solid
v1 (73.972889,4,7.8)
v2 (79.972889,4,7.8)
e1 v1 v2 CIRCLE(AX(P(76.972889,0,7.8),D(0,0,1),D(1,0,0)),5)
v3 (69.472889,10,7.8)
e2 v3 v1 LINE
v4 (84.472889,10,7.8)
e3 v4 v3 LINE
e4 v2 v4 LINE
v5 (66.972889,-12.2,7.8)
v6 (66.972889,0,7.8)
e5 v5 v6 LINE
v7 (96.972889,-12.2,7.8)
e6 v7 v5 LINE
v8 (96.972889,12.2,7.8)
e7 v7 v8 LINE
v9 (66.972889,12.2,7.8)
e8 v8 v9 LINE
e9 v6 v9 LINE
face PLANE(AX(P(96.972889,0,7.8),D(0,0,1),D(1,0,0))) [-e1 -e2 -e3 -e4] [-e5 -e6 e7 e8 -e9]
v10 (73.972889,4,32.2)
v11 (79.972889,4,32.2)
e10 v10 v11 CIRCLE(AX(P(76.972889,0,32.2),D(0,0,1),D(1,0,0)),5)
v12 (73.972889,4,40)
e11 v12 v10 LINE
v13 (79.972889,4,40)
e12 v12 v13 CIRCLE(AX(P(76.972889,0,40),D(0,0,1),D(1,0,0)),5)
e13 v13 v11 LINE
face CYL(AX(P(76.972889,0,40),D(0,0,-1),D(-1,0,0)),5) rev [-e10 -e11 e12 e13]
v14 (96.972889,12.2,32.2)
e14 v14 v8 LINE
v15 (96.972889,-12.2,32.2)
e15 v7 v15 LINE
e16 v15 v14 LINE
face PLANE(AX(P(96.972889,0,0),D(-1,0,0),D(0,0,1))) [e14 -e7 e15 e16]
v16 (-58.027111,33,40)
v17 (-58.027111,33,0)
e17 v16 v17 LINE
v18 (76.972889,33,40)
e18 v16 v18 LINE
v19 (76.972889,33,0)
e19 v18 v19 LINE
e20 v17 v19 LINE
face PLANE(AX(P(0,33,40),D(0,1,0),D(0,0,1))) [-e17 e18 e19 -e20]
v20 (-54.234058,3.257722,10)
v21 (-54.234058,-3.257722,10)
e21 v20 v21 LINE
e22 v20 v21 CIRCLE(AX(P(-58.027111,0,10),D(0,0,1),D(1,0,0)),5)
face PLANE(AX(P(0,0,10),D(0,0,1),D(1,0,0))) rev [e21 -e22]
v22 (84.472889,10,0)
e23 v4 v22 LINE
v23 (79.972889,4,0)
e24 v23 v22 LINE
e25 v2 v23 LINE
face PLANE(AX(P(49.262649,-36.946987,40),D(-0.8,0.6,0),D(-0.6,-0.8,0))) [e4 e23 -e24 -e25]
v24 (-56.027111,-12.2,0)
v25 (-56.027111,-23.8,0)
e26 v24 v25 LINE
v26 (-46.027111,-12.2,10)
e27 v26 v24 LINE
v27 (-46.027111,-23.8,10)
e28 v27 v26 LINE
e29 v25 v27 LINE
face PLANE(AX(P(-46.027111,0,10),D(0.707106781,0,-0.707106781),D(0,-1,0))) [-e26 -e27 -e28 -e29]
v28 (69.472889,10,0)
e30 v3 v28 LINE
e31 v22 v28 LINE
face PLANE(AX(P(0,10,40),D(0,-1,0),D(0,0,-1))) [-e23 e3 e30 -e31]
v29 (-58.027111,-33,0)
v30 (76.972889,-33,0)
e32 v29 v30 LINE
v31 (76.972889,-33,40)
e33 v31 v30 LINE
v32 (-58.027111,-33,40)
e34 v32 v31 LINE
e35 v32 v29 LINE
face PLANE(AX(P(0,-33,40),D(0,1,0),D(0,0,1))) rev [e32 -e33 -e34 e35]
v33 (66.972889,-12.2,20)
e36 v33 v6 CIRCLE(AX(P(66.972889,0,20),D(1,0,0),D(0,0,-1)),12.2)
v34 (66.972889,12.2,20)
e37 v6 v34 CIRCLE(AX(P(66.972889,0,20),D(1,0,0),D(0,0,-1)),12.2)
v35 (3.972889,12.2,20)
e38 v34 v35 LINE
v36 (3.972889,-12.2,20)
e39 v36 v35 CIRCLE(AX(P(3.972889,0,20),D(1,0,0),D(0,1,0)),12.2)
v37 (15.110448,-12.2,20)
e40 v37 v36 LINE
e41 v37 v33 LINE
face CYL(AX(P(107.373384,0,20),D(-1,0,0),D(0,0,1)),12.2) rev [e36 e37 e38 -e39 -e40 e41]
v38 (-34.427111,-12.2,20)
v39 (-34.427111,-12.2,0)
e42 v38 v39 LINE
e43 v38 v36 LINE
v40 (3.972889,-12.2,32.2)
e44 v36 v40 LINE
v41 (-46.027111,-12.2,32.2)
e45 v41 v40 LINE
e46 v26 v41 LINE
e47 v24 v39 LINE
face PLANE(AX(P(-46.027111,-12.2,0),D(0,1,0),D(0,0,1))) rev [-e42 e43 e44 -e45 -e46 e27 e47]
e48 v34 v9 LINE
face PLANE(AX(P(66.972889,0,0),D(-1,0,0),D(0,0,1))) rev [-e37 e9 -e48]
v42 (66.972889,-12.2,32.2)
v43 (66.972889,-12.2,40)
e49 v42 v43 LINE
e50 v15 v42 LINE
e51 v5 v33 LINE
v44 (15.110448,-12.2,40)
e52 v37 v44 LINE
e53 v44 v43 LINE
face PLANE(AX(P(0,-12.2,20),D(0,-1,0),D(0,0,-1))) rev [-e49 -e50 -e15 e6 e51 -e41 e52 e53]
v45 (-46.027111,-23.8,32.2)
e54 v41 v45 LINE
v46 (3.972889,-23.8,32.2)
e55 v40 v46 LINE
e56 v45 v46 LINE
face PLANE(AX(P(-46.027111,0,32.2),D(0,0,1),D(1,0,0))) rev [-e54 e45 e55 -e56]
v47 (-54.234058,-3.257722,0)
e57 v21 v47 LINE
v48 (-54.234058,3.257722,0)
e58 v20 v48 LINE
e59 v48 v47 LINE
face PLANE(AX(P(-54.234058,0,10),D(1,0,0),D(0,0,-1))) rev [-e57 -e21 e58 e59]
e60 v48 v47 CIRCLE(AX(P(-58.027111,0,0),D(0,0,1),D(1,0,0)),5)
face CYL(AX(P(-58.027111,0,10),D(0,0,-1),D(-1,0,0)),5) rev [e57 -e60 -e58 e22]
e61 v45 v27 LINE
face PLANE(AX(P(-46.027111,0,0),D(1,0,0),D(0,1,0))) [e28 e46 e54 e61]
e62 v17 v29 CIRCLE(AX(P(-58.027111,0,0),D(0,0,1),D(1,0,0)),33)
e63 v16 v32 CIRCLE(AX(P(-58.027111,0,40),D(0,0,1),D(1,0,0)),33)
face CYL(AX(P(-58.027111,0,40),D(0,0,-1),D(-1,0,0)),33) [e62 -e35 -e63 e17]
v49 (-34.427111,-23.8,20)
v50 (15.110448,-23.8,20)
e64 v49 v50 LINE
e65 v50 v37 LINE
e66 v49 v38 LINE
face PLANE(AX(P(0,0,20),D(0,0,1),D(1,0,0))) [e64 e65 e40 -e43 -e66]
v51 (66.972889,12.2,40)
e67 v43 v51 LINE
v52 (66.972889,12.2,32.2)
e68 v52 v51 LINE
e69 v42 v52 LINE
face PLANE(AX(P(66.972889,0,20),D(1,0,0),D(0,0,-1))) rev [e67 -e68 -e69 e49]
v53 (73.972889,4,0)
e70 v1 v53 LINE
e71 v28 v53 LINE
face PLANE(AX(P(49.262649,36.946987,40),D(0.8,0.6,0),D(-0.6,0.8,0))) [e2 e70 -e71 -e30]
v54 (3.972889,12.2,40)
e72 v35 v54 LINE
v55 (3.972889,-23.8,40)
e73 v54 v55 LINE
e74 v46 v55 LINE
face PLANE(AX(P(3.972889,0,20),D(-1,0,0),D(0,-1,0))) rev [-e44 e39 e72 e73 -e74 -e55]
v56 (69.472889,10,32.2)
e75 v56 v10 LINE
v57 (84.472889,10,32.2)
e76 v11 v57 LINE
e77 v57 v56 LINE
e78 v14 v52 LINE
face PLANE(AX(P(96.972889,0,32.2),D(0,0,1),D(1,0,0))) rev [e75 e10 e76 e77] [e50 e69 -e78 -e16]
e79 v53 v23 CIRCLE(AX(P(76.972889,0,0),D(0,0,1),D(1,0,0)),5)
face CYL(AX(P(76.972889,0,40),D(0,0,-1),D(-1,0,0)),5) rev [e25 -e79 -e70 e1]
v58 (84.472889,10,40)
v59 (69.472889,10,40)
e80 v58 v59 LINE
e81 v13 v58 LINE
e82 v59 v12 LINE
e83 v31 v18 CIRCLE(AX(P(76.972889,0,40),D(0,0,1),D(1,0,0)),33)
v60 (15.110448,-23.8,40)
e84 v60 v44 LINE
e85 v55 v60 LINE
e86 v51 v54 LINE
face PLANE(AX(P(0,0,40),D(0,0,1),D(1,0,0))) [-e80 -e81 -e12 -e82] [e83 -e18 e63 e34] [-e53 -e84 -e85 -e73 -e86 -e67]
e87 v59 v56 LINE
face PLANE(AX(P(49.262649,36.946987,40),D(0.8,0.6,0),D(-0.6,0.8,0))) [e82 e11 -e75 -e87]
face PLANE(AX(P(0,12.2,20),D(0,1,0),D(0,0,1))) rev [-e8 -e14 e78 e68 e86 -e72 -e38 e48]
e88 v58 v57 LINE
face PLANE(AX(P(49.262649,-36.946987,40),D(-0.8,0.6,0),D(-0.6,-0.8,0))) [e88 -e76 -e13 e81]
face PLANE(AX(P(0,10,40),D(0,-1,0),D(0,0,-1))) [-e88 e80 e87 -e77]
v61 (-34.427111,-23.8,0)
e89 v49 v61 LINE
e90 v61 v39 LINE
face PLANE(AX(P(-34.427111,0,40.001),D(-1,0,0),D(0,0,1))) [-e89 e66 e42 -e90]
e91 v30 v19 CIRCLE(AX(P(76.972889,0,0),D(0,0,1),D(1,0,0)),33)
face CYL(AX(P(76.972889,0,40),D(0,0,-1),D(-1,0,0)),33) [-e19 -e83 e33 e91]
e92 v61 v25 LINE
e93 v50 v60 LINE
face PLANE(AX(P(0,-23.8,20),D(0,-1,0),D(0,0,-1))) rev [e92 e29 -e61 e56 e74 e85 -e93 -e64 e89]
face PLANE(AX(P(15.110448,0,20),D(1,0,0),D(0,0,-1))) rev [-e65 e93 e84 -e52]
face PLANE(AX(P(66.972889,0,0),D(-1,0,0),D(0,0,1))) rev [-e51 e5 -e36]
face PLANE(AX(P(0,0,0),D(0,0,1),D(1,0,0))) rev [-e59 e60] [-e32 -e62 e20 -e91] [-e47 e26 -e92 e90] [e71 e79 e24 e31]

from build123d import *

# Parameters (mm, degrees)
SALIENTE_EXTRUIR1_DEPTH = 40
CORTAR_EXTRUIR2_DEPTH   = 10
CORTAR_EXTRUIR4_DEPTH   = 20
CROQUIS6_R              = 12.2
CORTAR_EXTRUIR6_DEPTH   = 63
CROQUIS7_W              = 24.4
CROQUIS7_H              = 24.4
CORTAR_EXTRUIR9_DEPTH   = 30
CROQUIS8_W              = 12.2
CROQUIS8_H              = 11.6
CORTAR_EXTRUIR10_DEPTH  = 50
CORTAR_EXTRUIR11_REACH  = 123.586
CROQUIS9_W              = 11.6
CROQUIS9_H              = 11.6
CHAFL_N1_SIZE           = 10


with BuildPart() as part:
    # Croquis1 → Saliente-Extruir1 (new body)
    with BuildSketch(Plane.XY):
        with BuildLine():
            Line((76.972889038, 33), (-58.027110962, 33))
            ThreePointArc((-58.027110962, 33), (-91.027110962, 0), (-58.027110962, -33))
            Line((-58.027110962, -33), (76.972889038, -33))
            ThreePointArc((76.972889038, -33), (109.972889038, 0), (76.972889038, 33))
        make_face()
        with BuildLine():
            Line((69.472889038, 10), (84.472889038, 10))
            Line((84.472889038, 10), (79.972889038, 4))
            ThreePointArc((79.972889038, 4), (76.972889038, -5), (73.972889038, 4))
            Line((73.972889038, 4), (69.472889038, 10))
        make_face(mode=Mode.SUBTRACT)
    extrude(amount=SALIENTE_EXTRUIR1_DEPTH)

    # Croquis1<4> → Cortar-Extruir2 (cut)
    with BuildSketch(Plane.XY):
        with BuildLine():
            Line((-54.234058455, -3.257722008), (-54.234058455, 3.257722008))
            ThreePointArc((-54.234058455, 3.257722008), (-63.027110962, 0), (-54.234058455, -3.257722008))
        make_face()
    extrude(amount=CORTAR_EXTRUIR2_DEPTH, mode=Mode.SUBTRACT)

    # Croquis5 → Cortar-Extruir4 (cut)
    with BuildSketch(Plane.XY.offset(40)):
        Polygon((66.972889038, -12.2), (66.972889038, 12.2), (3.972889038, 12.2), (3.972889038, -23.8), (15.110447518, -23.8), (15.110447518, -12.2), align=None)
    extrude(amount=-CORTAR_EXTRUIR4_DEPTH, mode=Mode.SUBTRACT)

    # Croquis6 → Cortar-Extruir6 (cut)
    with BuildSketch(Plane(origin=(3.972889038, 0, 0), x_dir=(0, 0, -1), z_dir=(1, 0, 0))):
        with Locations((-20, 0)):
            Circle(CROQUIS6_R)
        with BuildLine():
            ThreePointArc((-20, -12.2), (-32.2, 0), (-20, 12.2))
            Line((-20, 12.2), (-40, 12.2))
            Line((-40, 12.2), (-40, -12.2))
            Line((-40, -12.2), (-20, -12.2))
        make_face()
    extrude(amount=CORTAR_EXTRUIR6_DEPTH, mode=Mode.SUBTRACT)

    # Croquis7 → Cortar-Extruir9 (cut)
    with BuildSketch(Plane.ZY.offset(-66.972889038)):
        with Locations((20, 0)):
            Rectangle(CROQUIS7_W, CROQUIS7_H)
    extrude(amount=-CORTAR_EXTRUIR9_DEPTH, mode=Mode.SUBTRACT)

    # Croquis8 → Cortar-Extruir10 (cut)
    with BuildSketch(Plane(origin=(3.972889038, 0, 0), x_dir=(0, 0, -1), z_dir=(1, 0, 0))):
        with Locations((-26.1, -18)):
            Rectangle(CROQUIS8_W, CROQUIS8_H)
    extrude(amount=-CORTAR_EXTRUIR10_DEPTH, mode=Mode.SUBTRACT)

    # Croquis9 → Cortar-Extruir11 (cut, up to next)
    with BuildSketch(Plane(origin=(0, 0, 0), x_dir=(-1, 0, 0), z_dir=(0, 0, -1)), mode=Mode.PRIVATE) as cortar_extruir11_sk1:
        with Locations((40.227110962, -18)):
            Rectangle(CROQUIS9_W, CROQUIS9_H)
    cortar_extruir11_tool1 = extrude(cortar_extruir11_sk1.sketch, amount=-CORTAR_EXTRUIR11_REACH, mode=Mode.PRIVATE) & part.part
    add(cortar_extruir11_tool1.solids().sort_by_distance((-40.227111, -18, 0))[0], mode=Mode.SUBTRACT)

    # Chaflán1
    chafl_n1_edges = [part.edges().sort_by_distance(p)[0] for p in [
        (-46.027110962, -18, 0),
    ]]
    chamfer(chafl_n1_edges, length=CHAFL_N1_SIZE)


solid = part.part
